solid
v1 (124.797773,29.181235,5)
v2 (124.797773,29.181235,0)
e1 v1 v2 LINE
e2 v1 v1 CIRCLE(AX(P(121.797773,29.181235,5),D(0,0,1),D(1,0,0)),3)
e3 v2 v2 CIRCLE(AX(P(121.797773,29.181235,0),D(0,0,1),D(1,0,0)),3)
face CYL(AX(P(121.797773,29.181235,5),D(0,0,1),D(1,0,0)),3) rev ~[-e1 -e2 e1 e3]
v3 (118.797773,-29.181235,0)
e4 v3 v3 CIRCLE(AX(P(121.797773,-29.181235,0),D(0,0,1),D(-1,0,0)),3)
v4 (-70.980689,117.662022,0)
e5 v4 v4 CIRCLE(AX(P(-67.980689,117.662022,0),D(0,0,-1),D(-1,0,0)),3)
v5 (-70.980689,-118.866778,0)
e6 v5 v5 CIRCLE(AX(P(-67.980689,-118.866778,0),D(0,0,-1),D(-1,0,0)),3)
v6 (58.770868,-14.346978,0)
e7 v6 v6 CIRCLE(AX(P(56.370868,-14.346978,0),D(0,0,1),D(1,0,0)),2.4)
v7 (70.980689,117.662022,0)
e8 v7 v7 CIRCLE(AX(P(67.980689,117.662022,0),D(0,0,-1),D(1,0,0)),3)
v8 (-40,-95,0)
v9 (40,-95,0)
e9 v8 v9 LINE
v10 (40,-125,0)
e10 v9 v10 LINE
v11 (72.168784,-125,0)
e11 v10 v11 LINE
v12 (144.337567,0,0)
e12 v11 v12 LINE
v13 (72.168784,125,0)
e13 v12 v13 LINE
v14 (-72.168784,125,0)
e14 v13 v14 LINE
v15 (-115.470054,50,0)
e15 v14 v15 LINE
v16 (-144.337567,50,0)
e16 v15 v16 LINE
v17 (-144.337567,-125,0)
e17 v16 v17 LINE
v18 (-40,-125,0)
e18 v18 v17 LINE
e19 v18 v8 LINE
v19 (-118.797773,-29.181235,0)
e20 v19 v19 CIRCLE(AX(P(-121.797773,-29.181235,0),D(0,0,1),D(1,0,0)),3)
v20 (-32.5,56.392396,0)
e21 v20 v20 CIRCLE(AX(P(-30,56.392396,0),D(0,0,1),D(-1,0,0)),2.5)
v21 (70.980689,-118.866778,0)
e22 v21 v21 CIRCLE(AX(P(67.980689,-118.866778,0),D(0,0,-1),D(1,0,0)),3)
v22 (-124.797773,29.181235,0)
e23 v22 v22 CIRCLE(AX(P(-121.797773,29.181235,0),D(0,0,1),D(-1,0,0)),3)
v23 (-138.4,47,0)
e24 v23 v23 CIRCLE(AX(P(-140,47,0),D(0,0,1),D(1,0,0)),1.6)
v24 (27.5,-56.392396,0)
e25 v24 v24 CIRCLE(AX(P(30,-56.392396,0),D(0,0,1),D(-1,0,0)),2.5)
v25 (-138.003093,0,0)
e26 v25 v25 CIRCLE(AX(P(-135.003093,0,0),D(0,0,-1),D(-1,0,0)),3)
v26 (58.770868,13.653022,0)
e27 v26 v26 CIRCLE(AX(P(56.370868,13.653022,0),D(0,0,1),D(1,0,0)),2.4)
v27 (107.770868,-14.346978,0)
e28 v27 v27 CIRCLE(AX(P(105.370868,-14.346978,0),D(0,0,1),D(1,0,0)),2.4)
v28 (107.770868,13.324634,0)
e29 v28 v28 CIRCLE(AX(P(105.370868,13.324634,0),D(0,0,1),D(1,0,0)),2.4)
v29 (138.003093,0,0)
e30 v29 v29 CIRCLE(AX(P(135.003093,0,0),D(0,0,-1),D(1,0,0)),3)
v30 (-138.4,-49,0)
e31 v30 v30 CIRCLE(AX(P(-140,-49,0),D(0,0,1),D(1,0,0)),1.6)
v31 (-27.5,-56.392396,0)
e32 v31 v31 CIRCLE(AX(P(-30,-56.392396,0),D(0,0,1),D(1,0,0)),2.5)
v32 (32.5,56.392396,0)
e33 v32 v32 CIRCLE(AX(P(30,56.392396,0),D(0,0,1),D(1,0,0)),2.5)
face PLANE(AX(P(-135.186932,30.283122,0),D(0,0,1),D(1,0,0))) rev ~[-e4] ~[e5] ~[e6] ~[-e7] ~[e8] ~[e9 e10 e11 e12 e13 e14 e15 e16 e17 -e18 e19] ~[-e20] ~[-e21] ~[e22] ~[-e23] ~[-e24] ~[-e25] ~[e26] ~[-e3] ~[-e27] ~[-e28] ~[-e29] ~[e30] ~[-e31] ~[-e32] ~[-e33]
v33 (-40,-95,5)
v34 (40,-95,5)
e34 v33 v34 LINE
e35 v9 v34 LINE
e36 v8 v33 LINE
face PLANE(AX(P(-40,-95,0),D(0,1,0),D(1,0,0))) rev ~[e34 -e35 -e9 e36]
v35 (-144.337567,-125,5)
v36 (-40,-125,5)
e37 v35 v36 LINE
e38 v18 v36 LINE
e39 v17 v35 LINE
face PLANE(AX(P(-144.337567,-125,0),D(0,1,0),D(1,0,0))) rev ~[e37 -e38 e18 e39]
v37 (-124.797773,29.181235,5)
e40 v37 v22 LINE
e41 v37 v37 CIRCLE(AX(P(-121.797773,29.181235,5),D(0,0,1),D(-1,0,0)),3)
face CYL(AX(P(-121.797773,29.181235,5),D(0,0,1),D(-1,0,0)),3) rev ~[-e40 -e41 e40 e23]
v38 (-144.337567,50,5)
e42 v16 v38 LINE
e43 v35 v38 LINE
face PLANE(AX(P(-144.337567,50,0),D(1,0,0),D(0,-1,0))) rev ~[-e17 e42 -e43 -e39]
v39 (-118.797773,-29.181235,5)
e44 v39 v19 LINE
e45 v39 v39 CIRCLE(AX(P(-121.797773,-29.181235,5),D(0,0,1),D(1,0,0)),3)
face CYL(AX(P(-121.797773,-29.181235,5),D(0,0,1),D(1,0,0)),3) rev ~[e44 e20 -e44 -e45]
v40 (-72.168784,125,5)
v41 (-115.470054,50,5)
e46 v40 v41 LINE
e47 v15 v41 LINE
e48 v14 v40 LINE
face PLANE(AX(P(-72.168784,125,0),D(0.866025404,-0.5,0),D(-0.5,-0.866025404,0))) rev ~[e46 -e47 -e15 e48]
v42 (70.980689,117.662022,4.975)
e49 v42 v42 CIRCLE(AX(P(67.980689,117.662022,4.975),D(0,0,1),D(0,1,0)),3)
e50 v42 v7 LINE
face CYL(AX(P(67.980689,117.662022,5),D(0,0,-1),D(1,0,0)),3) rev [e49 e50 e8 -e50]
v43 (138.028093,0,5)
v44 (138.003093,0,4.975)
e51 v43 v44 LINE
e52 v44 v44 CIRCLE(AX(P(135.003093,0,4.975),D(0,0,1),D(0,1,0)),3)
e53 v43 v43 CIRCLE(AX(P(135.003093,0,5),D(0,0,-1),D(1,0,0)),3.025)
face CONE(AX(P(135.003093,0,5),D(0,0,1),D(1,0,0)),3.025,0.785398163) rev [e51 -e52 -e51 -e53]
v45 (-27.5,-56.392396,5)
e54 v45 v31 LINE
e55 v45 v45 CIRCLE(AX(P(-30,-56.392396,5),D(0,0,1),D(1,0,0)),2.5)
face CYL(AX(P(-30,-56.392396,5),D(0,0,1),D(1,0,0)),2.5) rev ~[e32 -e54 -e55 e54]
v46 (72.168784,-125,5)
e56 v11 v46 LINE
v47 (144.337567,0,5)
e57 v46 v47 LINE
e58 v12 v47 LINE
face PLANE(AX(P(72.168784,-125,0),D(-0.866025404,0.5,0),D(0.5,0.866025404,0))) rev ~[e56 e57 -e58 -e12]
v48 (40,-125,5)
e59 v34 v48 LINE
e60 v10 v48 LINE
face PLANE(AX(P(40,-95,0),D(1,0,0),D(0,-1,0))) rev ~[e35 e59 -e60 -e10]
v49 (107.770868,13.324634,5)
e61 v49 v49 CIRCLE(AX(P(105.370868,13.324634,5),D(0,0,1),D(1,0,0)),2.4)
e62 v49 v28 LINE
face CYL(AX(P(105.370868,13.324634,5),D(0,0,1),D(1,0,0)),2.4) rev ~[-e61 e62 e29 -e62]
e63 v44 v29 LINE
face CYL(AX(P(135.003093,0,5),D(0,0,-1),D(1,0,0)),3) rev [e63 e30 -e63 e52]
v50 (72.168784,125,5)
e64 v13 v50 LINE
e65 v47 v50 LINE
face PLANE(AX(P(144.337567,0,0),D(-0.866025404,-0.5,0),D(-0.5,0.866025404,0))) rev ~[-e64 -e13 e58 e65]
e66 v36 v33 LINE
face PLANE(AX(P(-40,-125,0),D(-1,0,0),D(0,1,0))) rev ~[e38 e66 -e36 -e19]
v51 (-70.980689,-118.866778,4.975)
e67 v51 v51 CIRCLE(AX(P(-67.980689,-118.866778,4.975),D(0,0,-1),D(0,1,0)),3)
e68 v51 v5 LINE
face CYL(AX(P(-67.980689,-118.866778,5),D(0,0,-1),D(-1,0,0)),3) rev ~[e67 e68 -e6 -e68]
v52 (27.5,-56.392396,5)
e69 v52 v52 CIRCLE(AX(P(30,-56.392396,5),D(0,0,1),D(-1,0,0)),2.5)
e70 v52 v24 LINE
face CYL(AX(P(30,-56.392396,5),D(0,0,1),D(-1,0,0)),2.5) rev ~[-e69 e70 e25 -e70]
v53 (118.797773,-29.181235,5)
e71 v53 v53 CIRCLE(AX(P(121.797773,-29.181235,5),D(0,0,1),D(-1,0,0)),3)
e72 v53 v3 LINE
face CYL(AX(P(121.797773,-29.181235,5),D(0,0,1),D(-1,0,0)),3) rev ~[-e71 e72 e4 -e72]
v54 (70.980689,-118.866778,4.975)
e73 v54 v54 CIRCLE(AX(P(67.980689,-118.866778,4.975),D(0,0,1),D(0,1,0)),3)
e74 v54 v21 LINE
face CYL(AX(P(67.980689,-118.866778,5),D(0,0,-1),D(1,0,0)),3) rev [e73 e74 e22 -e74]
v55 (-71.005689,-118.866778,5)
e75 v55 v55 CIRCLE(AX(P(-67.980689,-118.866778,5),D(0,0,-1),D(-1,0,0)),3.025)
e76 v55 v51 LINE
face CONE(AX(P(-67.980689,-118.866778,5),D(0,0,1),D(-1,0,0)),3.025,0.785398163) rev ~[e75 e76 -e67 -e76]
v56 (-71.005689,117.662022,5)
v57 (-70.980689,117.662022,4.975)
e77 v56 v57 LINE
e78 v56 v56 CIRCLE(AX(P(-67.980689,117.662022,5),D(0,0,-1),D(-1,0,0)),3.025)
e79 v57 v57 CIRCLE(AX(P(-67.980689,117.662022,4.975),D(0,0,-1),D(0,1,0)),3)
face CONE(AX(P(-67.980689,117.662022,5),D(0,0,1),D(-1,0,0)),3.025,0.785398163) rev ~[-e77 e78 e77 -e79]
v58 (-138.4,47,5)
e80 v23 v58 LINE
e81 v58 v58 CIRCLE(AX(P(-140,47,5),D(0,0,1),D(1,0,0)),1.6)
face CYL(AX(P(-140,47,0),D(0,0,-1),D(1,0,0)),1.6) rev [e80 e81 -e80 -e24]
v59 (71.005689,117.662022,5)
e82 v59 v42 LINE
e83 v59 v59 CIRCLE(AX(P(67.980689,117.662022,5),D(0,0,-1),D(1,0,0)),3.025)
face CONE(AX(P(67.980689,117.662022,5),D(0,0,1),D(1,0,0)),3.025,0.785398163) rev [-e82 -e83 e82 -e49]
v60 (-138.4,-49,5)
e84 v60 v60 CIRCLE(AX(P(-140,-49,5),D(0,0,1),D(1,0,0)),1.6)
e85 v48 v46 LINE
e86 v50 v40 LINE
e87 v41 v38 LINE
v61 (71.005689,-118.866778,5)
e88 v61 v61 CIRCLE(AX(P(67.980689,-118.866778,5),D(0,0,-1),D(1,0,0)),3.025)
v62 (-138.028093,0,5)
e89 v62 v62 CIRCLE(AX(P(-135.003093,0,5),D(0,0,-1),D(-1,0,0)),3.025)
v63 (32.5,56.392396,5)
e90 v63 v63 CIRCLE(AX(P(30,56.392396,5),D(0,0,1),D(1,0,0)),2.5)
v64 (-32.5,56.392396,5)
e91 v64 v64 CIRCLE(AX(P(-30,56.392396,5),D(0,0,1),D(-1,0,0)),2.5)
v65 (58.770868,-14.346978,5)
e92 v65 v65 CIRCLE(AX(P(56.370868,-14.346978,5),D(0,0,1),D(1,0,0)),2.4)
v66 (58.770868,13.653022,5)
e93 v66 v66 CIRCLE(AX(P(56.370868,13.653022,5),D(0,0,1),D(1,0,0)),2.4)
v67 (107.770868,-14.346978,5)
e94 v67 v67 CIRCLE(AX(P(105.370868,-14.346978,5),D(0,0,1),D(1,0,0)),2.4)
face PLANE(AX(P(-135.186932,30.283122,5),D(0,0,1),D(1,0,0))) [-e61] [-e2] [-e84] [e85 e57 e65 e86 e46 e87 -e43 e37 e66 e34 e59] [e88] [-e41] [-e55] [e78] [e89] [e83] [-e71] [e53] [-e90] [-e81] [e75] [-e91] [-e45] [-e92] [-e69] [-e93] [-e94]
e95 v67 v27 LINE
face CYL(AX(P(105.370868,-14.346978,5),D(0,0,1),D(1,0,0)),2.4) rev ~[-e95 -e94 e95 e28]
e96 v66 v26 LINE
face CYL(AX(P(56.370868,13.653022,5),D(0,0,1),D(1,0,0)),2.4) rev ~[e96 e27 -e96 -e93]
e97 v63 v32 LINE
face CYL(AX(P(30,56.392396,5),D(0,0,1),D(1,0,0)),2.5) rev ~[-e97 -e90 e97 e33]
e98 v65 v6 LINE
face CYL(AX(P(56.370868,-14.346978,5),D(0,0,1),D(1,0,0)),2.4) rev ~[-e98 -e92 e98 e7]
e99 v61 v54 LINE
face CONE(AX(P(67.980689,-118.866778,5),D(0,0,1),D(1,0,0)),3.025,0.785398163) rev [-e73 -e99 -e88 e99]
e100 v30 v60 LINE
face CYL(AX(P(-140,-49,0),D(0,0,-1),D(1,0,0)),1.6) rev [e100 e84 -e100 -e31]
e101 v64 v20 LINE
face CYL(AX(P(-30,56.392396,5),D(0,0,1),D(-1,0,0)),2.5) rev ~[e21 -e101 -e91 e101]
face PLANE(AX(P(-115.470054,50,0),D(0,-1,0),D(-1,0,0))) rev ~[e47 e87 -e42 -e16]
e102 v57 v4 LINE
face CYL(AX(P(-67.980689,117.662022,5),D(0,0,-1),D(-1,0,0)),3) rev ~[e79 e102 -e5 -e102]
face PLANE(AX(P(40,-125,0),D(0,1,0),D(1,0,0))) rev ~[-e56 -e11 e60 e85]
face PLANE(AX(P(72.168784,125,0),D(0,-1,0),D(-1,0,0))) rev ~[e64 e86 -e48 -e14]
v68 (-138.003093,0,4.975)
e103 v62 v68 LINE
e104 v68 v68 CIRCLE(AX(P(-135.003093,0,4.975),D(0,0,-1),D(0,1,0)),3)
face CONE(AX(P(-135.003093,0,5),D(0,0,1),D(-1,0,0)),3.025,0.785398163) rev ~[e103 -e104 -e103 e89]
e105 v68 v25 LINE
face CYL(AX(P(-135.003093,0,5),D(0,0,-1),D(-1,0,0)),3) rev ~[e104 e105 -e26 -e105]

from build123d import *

# Parameters (mm, degrees)
EXTRUDE_3_DEPTH                 = 5
HOLE_WIZARD_6_0_6_1_D           = 6
HOLE_WIZARD_6_0_6_1_CSINK_D     = 6.05
HOLE_WIZARD_6_0_6_1_CSINK_ANGLE = 90
SKETCH_20_R                     = 2.4
CUT_EXTRUDE_2_DEPTH             = 192.006108105
SKETCH_33_R                     = 3
CUT_EXTRUDE_3_DEPTH             = 192.006108105
SKETCH_34_R                     = 2.5
CUT_EXTRUDE_4_DEPTH             = 192.006108105
SKETCH_35_R                     = 1.6
EXTRUDE_5_DEPTH                 = 5


with BuildPart() as part:
    # 草图8 → 凸台-拉伸3 (new body)
    with BuildSketch(Plane.XY):
        Polygon((144.337567297, 0), (72.168783649, 125), (-72.168783649, 125), (-144.337567297, 0), (-72.168783649, -125), (-40, -125), (-40, -95), (40, -95), (40, -125), (72.168783649, -125), align=None)
    extrude(amount=EXTRUDE_3_DEPTH)

    # Ø6.0 (6) 直径孔1 (through all)
    with Locations(Plane.XY.offset(5)):
        with Locations((-135.003092598, 0), (-67.980688817, -118.866778441), (-67.980688817, 117.662022204)):
            hole_wizard_6_0_6_1 = CounterSinkHole(HOLE_WIZARD_6_0_6_1_D / 2, HOLE_WIZARD_6_0_6_1_CSINK_D / 2, counter_sink_angle=HOLE_WIZARD_6_0_6_1_CSINK_ANGLE)

    # 镜向2: Ø6.0 (6) 直径孔1 across plane
    add(hole_wizard_6_0_6_1.mirror(Plane(origin=(0, 0, 0), x_dir=(0, 0, 1), z_dir=(1, 0, 0))), mode=Mode.SUBTRACT)

    # 草图20 → 切除-拉伸2 (cut, through all)
    with BuildSketch(Plane.XY.offset(5)):
        with Locations((56.370867728, 13.653021969)):
            Circle(SKETCH_20_R)
        with Locations((105.370867728, 13.324633606)):
            Circle(SKETCH_20_R)
        with Locations((56.370867728, -14.346978031)):
            Circle(SKETCH_20_R)
        with Locations((105.370867728, -14.346978031)):
            Circle(SKETCH_20_R)
    extrude(amount=-CUT_EXTRUDE_2_DEPTH, mode=Mode.SUBTRACT)

    # 草图33 → 切除-拉伸3 (cut, through all)
    with BuildSketch(Plane.XY.offset(5)):
        with Locations((-121.797773, -29.181235)):
            Circle(SKETCH_33_R)
        with Locations(Location((121.797773, -29.181235, 0), (0, 0, 180))):
            Circle(SKETCH_33_R)
        with Locations((121.797773, 29.181235)):
            Circle(SKETCH_33_R)
        with Locations(Location((-121.797773, 29.181235, 0), (0, 0, 180))):
            Circle(SKETCH_33_R)
    extrude(amount=-CUT_EXTRUDE_3_DEPTH, mode=Mode.SUBTRACT)

    # 草图34 → 切除-拉伸4 (cut, through all)
    with BuildSketch(Plane.XY.offset(5)):
        with Locations((-30, -56.392396)):
            Circle(SKETCH_34_R)
        with Locations(Location((30, -56.392396, 0), (0, 0, 180))):
            Circle(SKETCH_34_R)
        with Locations((30, 56.392396)):
            Circle(SKETCH_34_R)
        with Locations(Location((-30, 56.392396, 0), (0, 0, 180))):
            Circle(SKETCH_34_R)
    extrude(amount=-CUT_EXTRUDE_4_DEPTH, mode=Mode.SUBTRACT)

    # 草图35 → 凸台-拉伸5 (add)
    # profile 1 of 2: a face of its own
    with BuildSketch(Plane.XY):
        Polygon((-144.337567297, 0), (-115.470053838, 50), (-144.337567297, 50), align=None)
        with Locations((-140, 47)):
            Circle(SKETCH_35_R, mode=Mode.SUBTRACT)
    # profile 2 of 2: a face of its own
    with BuildSketch(Plane.XY):
        Polygon((-72.168783649, -125), (-144.337567297, 0), (-144.337567297, -125), align=None)
        with Locations((-140, -49)):
            Circle(SKETCH_35_R, mode=Mode.SUBTRACT)
    extrude(amount=EXTRUDE_5_DEPTH)


solid = part.part
